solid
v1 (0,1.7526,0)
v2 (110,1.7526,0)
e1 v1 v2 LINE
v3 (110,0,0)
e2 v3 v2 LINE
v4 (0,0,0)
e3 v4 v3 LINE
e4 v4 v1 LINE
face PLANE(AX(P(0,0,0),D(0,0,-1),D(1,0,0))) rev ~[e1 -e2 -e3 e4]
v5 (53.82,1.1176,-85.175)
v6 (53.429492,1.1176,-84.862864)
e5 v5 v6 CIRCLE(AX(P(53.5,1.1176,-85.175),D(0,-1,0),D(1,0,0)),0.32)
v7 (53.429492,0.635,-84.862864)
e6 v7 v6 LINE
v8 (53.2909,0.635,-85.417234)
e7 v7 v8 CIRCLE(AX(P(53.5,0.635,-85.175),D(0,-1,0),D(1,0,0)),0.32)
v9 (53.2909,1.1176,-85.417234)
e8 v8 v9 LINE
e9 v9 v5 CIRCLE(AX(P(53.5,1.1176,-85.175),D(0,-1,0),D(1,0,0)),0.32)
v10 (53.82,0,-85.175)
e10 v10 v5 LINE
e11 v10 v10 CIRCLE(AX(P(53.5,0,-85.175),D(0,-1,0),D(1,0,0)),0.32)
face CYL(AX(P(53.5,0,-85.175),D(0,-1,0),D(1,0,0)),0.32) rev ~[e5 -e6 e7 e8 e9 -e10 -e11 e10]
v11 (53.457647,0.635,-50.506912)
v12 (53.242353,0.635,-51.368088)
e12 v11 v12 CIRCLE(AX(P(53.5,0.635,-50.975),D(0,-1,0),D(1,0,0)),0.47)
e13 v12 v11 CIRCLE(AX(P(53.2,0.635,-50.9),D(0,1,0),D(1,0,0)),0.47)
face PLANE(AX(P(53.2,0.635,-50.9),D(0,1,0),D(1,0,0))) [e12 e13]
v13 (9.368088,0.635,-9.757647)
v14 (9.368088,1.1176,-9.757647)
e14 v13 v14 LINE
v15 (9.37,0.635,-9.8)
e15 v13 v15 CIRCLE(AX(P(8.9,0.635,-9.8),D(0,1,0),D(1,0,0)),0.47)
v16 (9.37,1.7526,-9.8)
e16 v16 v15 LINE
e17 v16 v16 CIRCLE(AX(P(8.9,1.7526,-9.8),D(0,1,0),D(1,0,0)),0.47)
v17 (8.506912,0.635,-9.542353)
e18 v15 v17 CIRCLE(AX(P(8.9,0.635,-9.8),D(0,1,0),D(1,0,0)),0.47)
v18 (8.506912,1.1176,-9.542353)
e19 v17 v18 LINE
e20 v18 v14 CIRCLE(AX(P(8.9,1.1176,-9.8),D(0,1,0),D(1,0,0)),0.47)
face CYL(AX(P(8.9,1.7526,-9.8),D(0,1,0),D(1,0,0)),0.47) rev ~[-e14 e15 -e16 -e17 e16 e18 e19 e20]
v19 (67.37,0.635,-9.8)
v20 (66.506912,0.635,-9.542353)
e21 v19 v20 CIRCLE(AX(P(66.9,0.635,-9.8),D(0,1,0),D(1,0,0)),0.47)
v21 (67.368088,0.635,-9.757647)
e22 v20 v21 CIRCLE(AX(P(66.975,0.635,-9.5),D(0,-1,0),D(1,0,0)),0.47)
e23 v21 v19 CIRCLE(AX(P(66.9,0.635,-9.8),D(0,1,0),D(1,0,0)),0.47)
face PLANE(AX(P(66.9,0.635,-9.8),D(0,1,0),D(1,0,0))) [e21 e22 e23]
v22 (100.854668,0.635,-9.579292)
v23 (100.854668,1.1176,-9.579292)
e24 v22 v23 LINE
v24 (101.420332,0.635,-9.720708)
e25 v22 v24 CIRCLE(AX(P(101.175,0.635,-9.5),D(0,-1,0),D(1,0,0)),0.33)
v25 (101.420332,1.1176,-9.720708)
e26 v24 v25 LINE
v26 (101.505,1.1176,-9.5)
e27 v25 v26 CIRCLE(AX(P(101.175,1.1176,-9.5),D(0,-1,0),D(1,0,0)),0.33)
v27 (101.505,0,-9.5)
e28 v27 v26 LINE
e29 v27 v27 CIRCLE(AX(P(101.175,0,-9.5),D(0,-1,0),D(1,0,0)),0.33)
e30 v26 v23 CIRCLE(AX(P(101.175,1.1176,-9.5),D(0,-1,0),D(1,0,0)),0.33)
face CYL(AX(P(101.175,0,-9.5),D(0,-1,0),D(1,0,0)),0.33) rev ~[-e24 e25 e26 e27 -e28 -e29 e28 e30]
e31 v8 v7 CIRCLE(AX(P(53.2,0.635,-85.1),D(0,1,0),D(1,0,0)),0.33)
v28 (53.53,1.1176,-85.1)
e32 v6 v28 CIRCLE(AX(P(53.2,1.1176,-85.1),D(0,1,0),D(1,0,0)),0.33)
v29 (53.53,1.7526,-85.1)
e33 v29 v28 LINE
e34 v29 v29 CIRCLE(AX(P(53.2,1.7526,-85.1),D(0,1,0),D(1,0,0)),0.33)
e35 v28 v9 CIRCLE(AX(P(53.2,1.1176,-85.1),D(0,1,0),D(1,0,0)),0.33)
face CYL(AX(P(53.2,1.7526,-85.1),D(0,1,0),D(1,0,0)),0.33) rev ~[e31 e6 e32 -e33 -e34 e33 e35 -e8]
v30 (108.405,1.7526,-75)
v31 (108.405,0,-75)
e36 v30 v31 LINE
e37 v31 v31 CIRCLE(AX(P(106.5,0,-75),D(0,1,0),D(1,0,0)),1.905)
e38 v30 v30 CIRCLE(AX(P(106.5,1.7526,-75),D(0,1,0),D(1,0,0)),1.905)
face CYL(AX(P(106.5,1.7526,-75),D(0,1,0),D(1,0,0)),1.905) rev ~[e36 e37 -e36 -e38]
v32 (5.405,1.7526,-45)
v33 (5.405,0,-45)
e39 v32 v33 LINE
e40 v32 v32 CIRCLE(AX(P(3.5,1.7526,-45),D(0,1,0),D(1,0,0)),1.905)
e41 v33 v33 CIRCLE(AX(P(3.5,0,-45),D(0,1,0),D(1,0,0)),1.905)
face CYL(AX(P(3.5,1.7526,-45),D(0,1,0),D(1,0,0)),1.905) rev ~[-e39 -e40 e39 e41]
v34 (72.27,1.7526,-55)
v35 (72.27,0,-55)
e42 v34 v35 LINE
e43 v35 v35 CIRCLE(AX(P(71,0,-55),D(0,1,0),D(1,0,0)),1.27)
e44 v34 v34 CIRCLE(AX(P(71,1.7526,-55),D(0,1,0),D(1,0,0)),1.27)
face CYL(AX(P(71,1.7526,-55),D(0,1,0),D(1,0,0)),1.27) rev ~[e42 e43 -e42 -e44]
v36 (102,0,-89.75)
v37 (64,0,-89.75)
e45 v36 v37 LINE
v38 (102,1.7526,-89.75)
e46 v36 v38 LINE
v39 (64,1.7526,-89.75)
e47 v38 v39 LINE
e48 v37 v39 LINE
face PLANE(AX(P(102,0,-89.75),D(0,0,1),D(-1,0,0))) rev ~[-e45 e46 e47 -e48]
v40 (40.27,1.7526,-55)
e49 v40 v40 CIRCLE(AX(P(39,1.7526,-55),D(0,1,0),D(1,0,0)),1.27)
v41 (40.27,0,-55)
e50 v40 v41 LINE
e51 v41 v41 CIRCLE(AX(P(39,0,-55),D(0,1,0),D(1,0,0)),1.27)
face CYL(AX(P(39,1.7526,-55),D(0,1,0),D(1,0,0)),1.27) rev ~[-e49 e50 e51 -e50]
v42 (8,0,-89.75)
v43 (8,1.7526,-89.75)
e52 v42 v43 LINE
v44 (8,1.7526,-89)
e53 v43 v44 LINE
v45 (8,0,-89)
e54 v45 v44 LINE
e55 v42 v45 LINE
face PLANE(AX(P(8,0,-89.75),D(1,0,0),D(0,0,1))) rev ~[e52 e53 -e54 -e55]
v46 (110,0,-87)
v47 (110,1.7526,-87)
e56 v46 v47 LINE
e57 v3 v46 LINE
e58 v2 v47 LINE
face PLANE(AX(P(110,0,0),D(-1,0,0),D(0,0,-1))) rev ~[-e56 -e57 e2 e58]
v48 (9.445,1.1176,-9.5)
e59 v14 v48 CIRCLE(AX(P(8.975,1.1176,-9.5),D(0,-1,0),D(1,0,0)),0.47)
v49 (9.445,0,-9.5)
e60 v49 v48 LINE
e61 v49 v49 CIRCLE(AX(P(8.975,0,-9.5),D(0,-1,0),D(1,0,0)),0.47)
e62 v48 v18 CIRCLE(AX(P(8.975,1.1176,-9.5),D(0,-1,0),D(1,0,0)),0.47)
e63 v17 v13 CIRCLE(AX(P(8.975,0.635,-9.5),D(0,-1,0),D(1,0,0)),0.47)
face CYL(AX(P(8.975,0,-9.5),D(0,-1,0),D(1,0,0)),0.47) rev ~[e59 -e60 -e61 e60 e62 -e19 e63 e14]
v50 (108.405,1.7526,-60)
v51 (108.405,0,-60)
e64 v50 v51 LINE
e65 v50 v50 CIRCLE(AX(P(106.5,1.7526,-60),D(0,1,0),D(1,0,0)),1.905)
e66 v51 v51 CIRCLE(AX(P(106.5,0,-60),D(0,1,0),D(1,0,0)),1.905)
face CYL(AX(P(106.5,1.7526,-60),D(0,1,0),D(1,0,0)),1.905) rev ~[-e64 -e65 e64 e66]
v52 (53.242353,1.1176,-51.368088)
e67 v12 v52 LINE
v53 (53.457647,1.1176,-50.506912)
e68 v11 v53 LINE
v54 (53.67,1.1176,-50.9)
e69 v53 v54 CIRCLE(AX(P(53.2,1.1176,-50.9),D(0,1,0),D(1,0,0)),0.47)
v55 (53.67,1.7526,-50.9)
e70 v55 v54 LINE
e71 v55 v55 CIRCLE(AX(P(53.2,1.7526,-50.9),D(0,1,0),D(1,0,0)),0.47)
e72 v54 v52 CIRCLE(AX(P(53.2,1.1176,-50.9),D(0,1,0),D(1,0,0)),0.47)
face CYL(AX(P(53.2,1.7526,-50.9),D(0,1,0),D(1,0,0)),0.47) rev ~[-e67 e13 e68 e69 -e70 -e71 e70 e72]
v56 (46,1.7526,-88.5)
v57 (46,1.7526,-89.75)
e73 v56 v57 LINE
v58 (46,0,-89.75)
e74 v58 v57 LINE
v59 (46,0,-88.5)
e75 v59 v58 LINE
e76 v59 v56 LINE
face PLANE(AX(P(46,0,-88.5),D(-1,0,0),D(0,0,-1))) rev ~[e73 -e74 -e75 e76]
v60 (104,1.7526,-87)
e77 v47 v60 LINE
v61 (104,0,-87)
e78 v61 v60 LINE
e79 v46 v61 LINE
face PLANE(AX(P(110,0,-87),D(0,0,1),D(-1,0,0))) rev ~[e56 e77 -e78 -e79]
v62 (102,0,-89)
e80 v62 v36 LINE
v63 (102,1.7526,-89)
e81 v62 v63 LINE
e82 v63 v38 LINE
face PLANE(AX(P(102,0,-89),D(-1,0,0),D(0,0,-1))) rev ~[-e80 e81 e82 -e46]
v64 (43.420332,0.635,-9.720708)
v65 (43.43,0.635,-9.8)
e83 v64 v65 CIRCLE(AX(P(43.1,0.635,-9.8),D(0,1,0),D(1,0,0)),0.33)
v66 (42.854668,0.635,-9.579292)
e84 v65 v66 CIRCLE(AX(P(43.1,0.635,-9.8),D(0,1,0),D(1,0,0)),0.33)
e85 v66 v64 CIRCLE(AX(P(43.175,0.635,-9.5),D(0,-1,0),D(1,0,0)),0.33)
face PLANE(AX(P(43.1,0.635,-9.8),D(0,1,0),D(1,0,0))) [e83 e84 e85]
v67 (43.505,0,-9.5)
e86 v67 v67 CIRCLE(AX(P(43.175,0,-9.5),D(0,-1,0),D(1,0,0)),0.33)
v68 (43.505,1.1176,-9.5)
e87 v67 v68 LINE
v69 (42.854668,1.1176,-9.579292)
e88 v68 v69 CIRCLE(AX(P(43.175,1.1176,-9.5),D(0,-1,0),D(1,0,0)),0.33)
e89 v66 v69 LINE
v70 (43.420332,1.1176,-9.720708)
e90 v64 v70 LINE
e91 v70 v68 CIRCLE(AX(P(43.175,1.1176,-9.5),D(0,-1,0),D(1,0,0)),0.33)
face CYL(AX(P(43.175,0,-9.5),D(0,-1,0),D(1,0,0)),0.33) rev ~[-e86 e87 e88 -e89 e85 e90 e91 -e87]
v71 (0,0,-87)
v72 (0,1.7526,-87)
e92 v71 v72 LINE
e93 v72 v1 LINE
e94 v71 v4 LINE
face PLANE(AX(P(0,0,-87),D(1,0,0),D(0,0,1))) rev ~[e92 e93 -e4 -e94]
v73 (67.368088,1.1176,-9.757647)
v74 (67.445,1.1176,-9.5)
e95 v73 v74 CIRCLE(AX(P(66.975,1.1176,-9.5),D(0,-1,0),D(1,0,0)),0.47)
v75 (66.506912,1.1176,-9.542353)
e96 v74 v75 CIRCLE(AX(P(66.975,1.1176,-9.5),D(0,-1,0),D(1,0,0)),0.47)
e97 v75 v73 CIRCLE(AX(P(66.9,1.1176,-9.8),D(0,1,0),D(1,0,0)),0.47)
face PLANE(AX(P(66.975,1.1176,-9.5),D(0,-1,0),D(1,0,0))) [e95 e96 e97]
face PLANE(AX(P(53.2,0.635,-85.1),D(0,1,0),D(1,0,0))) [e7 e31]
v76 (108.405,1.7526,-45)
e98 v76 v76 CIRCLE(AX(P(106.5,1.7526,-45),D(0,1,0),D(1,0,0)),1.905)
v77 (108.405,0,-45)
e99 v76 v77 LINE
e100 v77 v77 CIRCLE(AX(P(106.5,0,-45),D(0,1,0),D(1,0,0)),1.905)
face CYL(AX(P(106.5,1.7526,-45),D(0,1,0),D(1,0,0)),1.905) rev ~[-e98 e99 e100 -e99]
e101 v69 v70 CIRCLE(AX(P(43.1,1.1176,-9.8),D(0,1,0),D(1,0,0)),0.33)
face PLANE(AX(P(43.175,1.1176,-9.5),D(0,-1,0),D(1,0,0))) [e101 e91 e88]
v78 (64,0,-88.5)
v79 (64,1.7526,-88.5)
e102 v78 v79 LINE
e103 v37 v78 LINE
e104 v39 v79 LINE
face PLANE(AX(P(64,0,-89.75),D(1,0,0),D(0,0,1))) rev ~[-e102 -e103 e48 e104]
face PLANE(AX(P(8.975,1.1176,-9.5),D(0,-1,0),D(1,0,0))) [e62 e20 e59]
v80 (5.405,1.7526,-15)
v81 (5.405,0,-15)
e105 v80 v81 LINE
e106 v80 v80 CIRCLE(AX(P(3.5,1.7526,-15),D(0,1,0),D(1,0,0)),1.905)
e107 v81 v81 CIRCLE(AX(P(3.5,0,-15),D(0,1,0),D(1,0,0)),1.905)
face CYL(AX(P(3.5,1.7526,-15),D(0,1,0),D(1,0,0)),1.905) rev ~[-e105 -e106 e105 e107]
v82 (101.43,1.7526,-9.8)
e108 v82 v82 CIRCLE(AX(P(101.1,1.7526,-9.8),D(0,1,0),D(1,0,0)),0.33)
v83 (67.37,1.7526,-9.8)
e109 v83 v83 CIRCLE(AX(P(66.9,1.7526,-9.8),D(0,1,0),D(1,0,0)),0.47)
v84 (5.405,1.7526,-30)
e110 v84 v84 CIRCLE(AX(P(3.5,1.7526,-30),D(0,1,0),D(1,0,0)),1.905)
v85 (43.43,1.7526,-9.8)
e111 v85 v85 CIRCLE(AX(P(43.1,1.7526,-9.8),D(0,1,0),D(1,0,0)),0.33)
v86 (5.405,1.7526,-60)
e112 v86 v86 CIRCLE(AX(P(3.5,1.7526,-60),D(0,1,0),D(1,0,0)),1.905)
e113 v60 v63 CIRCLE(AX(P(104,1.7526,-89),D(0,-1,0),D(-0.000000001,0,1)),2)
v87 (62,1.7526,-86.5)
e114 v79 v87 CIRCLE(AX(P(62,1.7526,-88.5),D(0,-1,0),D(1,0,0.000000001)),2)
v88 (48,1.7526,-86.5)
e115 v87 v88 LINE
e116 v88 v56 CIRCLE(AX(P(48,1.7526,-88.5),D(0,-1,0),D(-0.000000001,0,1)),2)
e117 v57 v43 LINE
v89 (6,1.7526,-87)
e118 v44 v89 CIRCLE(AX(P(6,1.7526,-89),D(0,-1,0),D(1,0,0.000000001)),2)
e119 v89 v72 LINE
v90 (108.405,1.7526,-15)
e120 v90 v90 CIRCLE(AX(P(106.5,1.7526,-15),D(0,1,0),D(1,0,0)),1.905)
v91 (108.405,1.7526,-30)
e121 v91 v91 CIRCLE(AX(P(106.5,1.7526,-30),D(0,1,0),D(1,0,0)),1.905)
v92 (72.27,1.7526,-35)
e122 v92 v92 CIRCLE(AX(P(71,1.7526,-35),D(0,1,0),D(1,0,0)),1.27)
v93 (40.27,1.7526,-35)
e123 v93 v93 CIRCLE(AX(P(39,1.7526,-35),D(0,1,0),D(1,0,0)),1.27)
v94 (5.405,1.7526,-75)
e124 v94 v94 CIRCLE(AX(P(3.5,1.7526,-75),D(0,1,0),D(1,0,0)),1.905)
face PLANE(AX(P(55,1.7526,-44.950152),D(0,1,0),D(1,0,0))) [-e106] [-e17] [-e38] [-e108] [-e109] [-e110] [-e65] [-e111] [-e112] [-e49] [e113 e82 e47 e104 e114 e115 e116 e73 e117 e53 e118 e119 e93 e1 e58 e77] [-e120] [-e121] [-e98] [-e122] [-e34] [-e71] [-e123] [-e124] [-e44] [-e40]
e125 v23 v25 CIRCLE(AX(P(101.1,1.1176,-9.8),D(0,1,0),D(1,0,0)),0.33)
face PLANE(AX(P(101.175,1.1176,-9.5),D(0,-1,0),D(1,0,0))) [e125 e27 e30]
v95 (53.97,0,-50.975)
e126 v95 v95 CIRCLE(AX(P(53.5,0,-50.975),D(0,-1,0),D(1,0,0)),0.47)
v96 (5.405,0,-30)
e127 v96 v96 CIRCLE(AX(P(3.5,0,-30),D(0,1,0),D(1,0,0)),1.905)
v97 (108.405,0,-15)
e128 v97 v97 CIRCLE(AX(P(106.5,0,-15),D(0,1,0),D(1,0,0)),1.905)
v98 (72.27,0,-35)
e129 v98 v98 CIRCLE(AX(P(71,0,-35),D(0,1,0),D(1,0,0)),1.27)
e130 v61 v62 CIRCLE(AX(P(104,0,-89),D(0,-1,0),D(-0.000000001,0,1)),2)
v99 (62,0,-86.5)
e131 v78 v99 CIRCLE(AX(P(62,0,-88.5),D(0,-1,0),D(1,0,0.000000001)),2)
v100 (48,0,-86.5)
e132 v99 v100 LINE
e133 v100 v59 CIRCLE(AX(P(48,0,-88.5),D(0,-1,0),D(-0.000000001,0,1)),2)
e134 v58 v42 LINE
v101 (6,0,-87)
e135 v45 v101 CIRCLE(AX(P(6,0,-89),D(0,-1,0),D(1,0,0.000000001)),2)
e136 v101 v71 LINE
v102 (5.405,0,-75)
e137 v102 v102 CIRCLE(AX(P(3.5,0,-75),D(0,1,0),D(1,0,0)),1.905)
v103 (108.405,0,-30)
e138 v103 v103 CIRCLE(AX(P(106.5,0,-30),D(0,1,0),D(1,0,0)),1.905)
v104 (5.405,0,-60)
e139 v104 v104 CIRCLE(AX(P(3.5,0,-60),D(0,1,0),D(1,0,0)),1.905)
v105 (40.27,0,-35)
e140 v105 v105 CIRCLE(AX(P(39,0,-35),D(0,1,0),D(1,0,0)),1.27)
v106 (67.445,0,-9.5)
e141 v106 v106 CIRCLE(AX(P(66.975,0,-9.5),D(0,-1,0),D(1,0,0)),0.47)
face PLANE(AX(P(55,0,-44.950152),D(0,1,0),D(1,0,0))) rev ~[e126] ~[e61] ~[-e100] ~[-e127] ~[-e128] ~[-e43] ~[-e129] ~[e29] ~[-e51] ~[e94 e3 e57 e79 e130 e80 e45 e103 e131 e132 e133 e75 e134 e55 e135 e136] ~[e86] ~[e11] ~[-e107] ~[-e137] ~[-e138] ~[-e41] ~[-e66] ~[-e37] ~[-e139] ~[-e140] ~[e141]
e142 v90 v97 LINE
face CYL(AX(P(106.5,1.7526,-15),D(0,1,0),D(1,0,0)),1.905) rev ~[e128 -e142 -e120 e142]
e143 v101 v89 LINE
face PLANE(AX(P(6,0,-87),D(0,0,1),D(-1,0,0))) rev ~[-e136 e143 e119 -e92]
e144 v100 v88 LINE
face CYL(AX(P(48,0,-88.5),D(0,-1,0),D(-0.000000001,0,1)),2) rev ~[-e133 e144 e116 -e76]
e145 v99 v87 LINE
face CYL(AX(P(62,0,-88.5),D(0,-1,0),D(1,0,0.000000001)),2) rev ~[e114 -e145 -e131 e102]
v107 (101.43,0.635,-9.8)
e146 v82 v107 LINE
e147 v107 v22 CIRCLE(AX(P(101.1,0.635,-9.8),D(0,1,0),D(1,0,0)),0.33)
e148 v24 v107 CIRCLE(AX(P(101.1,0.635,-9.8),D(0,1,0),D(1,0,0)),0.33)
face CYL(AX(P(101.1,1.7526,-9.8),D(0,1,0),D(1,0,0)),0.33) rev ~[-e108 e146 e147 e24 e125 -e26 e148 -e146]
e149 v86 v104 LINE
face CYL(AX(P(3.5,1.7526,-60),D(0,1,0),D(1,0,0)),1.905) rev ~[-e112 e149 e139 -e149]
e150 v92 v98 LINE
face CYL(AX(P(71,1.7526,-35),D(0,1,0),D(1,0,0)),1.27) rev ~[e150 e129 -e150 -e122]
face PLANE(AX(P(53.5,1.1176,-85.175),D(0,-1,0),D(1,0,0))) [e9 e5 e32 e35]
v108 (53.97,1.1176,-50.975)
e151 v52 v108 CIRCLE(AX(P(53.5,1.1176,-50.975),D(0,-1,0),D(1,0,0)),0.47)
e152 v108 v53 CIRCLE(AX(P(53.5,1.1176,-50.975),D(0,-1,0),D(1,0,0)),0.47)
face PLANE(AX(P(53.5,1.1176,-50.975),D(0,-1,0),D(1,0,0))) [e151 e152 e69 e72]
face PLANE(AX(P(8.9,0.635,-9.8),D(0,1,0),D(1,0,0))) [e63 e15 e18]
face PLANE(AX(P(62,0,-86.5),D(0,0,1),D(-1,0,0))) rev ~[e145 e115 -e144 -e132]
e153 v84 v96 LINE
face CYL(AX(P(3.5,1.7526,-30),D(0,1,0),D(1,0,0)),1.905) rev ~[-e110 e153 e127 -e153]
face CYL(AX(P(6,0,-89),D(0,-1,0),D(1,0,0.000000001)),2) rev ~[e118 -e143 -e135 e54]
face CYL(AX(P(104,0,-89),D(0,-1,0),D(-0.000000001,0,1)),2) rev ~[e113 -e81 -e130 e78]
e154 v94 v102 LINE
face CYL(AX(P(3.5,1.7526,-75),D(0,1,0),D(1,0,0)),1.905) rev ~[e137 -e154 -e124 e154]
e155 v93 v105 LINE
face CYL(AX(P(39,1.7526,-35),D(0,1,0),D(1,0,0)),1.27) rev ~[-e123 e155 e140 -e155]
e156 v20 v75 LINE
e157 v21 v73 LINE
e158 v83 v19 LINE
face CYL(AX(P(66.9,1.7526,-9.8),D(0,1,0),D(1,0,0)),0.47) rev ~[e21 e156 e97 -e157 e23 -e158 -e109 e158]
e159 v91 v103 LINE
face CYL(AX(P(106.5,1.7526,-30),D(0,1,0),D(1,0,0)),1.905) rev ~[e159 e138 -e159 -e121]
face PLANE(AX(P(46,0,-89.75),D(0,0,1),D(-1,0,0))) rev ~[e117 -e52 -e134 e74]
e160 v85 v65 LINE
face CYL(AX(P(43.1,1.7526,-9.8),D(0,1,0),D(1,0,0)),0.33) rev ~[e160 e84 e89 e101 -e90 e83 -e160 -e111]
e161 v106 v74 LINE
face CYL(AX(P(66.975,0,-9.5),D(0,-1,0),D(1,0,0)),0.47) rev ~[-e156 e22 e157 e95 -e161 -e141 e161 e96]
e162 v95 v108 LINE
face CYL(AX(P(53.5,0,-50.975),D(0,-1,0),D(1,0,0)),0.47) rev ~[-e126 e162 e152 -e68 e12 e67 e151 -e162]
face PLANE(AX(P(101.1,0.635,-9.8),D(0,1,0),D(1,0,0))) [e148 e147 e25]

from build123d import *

# Parameters (mm, degrees)
FR4_DEPTH                           = 1.7526
SKETCH7_R                           = 1.905
THERMAL_WALL_HOLES_SIDES_DEPTH      = 2.7526
SKETCH8_R                           = 0.47
SKETCH8_R_2                         = 0.33
CONTROLLED_DEPTH_HOLES_TOP_DEPTH    = 1.1176
SKETCH9_R                           = 0.47
SKETCH9_R_2                         = 0.32
SKETCH9_R_3                         = 0.33
CONTROLLED_DEPTH_HOLES_BOTTOM_DEPTH = 1.1176
SKETCH10_R                          = 1.27
THERMAL_SCREW_HOLES_MIDDLE_DEPTH    = 2.7526


with BuildPart() as part:
    # Sketch1 → FR4 (new body)
    with BuildSketch(Plane(origin=(0, 0, 0), x_dir=(1, 0, 0), z_dir=(0, 1, 0))):
        with BuildLine():
            Line((0, 0), (110, 0))
            Line((110, 0), (110, 87))
            Line((110, 87), (104, 87))
            ThreePointArc((104, 87), (102.585786438, 87.585786438), (102, 89))
            Line((102, 89), (102, 89.75))
            Line((102, 89.75), (64, 89.75))
            Line((64, 89.75), (64, 88.5))
            ThreePointArc((64, 88.5), (63.414213562, 87.085786438), (62, 86.5))
            Line((62, 86.5), (48, 86.5))
            ThreePointArc((48, 86.5), (46.585786438, 87.085786438), (46, 88.5))
            Line((46, 88.5), (46, 89.75))
            Line((46, 89.75), (8, 89.75))
            Line((8, 89.75), (8, 89))
            ThreePointArc((8, 89), (7.414213562, 87.585786438), (6, 87))
            Line((6, 87), (0, 87))
            Line((0, 87), (0, 0))
        make_face()
    extrude(amount=FR4_DEPTH)

    # Sketch7 → thermal-wall-holes-sides (cut, through all)
    with BuildSketch(Plane(origin=(0, 1.7526, 0), x_dir=(1, 0, 0), z_dir=(0, 1, 0))):
        with Locations((3.5, 15)):
            Circle(SKETCH7_R)
        with Locations((106.5, 15)):
            Circle(SKETCH7_R)
        with Locations((106.5, 30)):
            Circle(SKETCH7_R)
        with Locations((106.5, 45)):
            Circle(SKETCH7_R)
        with Locations((106.5, 60)):
            Circle(SKETCH7_R)
        with Locations((106.5, 75)):
            Circle(SKETCH7_R)
        with Locations((3.5, 30)):
            Circle(SKETCH7_R)
        with Locations((3.5, 45)):
            Circle(SKETCH7_R)
        with Locations((3.5, 60)):
            Circle(SKETCH7_R)
        with Locations((3.5, 75)):
            Circle(SKETCH7_R)
    extrude(amount=-THERMAL_WALL_HOLES_SIDES_DEPTH, mode=Mode.SUBTRACT)

    # Sketch8 → controlled-depth-holes.top (cut)
    with BuildSketch(Plane(origin=(0, 1.7526, 0), x_dir=(1, 0, 0), z_dir=(0, 1, 0))):
        with Locations((8.9, 9.8)):
            Circle(SKETCH8_R)
        with Locations((66.9, 9.8)):
            Circle(SKETCH8_R)
        with Locations((53.2, 50.9)):
            Circle(SKETCH8_R)
        with Locations((53.2, 85.1)):
            Circle(SKETCH8_R_2)
        with Locations((43.1, 9.8)):
            Circle(SKETCH8_R_2)
        with Locations((101.1, 9.8)):
            Circle(SKETCH8_R_2)
    extrude(amount=-CONTROLLED_DEPTH_HOLES_TOP_DEPTH, mode=Mode.SUBTRACT)

    # Sketch9 → controlled-depth-holes.bottom (cut)
    with BuildSketch(Plane.XZ):
        with Locations((8.975, -9.5)):
            Circle(SKETCH9_R)
        with Locations((66.975, -9.5)):
            Circle(SKETCH9_R)
        with Locations((53.5, -50.975)):
            Circle(SKETCH9_R)
        with Locations((53.5, -85.175)):
            Circle(SKETCH9_R_2)
        with Locations((43.175, -9.5)):
            Circle(SKETCH9_R_3)
        with Locations((101.175, -9.5)):
            Circle(SKETCH9_R_3)
    extrude(amount=-CONTROLLED_DEPTH_HOLES_BOTTOM_DEPTH, mode=Mode.SUBTRACT)

    # Sketch10 → thermal-screw-holes-middle (cut, through all)
    with BuildSketch(Plane(origin=(0, 1.7526, 0), x_dir=(1, 0, 0), z_dir=(0, 1, 0))):
        with Locations((39, 55)):
            Circle(SKETCH10_R)
        with Locations((71, 55)):
            Circle(SKETCH10_R)
        with Locations((71, 35)):
            Circle(SKETCH10_R)
        with Locations((39, 35)):
            Circle(SKETCH10_R)
    extrude(amount=-THERMAL_SCREW_HOLES_MIDDLE_DEPTH, mode=Mode.SUBTRACT)


solid = part.part
